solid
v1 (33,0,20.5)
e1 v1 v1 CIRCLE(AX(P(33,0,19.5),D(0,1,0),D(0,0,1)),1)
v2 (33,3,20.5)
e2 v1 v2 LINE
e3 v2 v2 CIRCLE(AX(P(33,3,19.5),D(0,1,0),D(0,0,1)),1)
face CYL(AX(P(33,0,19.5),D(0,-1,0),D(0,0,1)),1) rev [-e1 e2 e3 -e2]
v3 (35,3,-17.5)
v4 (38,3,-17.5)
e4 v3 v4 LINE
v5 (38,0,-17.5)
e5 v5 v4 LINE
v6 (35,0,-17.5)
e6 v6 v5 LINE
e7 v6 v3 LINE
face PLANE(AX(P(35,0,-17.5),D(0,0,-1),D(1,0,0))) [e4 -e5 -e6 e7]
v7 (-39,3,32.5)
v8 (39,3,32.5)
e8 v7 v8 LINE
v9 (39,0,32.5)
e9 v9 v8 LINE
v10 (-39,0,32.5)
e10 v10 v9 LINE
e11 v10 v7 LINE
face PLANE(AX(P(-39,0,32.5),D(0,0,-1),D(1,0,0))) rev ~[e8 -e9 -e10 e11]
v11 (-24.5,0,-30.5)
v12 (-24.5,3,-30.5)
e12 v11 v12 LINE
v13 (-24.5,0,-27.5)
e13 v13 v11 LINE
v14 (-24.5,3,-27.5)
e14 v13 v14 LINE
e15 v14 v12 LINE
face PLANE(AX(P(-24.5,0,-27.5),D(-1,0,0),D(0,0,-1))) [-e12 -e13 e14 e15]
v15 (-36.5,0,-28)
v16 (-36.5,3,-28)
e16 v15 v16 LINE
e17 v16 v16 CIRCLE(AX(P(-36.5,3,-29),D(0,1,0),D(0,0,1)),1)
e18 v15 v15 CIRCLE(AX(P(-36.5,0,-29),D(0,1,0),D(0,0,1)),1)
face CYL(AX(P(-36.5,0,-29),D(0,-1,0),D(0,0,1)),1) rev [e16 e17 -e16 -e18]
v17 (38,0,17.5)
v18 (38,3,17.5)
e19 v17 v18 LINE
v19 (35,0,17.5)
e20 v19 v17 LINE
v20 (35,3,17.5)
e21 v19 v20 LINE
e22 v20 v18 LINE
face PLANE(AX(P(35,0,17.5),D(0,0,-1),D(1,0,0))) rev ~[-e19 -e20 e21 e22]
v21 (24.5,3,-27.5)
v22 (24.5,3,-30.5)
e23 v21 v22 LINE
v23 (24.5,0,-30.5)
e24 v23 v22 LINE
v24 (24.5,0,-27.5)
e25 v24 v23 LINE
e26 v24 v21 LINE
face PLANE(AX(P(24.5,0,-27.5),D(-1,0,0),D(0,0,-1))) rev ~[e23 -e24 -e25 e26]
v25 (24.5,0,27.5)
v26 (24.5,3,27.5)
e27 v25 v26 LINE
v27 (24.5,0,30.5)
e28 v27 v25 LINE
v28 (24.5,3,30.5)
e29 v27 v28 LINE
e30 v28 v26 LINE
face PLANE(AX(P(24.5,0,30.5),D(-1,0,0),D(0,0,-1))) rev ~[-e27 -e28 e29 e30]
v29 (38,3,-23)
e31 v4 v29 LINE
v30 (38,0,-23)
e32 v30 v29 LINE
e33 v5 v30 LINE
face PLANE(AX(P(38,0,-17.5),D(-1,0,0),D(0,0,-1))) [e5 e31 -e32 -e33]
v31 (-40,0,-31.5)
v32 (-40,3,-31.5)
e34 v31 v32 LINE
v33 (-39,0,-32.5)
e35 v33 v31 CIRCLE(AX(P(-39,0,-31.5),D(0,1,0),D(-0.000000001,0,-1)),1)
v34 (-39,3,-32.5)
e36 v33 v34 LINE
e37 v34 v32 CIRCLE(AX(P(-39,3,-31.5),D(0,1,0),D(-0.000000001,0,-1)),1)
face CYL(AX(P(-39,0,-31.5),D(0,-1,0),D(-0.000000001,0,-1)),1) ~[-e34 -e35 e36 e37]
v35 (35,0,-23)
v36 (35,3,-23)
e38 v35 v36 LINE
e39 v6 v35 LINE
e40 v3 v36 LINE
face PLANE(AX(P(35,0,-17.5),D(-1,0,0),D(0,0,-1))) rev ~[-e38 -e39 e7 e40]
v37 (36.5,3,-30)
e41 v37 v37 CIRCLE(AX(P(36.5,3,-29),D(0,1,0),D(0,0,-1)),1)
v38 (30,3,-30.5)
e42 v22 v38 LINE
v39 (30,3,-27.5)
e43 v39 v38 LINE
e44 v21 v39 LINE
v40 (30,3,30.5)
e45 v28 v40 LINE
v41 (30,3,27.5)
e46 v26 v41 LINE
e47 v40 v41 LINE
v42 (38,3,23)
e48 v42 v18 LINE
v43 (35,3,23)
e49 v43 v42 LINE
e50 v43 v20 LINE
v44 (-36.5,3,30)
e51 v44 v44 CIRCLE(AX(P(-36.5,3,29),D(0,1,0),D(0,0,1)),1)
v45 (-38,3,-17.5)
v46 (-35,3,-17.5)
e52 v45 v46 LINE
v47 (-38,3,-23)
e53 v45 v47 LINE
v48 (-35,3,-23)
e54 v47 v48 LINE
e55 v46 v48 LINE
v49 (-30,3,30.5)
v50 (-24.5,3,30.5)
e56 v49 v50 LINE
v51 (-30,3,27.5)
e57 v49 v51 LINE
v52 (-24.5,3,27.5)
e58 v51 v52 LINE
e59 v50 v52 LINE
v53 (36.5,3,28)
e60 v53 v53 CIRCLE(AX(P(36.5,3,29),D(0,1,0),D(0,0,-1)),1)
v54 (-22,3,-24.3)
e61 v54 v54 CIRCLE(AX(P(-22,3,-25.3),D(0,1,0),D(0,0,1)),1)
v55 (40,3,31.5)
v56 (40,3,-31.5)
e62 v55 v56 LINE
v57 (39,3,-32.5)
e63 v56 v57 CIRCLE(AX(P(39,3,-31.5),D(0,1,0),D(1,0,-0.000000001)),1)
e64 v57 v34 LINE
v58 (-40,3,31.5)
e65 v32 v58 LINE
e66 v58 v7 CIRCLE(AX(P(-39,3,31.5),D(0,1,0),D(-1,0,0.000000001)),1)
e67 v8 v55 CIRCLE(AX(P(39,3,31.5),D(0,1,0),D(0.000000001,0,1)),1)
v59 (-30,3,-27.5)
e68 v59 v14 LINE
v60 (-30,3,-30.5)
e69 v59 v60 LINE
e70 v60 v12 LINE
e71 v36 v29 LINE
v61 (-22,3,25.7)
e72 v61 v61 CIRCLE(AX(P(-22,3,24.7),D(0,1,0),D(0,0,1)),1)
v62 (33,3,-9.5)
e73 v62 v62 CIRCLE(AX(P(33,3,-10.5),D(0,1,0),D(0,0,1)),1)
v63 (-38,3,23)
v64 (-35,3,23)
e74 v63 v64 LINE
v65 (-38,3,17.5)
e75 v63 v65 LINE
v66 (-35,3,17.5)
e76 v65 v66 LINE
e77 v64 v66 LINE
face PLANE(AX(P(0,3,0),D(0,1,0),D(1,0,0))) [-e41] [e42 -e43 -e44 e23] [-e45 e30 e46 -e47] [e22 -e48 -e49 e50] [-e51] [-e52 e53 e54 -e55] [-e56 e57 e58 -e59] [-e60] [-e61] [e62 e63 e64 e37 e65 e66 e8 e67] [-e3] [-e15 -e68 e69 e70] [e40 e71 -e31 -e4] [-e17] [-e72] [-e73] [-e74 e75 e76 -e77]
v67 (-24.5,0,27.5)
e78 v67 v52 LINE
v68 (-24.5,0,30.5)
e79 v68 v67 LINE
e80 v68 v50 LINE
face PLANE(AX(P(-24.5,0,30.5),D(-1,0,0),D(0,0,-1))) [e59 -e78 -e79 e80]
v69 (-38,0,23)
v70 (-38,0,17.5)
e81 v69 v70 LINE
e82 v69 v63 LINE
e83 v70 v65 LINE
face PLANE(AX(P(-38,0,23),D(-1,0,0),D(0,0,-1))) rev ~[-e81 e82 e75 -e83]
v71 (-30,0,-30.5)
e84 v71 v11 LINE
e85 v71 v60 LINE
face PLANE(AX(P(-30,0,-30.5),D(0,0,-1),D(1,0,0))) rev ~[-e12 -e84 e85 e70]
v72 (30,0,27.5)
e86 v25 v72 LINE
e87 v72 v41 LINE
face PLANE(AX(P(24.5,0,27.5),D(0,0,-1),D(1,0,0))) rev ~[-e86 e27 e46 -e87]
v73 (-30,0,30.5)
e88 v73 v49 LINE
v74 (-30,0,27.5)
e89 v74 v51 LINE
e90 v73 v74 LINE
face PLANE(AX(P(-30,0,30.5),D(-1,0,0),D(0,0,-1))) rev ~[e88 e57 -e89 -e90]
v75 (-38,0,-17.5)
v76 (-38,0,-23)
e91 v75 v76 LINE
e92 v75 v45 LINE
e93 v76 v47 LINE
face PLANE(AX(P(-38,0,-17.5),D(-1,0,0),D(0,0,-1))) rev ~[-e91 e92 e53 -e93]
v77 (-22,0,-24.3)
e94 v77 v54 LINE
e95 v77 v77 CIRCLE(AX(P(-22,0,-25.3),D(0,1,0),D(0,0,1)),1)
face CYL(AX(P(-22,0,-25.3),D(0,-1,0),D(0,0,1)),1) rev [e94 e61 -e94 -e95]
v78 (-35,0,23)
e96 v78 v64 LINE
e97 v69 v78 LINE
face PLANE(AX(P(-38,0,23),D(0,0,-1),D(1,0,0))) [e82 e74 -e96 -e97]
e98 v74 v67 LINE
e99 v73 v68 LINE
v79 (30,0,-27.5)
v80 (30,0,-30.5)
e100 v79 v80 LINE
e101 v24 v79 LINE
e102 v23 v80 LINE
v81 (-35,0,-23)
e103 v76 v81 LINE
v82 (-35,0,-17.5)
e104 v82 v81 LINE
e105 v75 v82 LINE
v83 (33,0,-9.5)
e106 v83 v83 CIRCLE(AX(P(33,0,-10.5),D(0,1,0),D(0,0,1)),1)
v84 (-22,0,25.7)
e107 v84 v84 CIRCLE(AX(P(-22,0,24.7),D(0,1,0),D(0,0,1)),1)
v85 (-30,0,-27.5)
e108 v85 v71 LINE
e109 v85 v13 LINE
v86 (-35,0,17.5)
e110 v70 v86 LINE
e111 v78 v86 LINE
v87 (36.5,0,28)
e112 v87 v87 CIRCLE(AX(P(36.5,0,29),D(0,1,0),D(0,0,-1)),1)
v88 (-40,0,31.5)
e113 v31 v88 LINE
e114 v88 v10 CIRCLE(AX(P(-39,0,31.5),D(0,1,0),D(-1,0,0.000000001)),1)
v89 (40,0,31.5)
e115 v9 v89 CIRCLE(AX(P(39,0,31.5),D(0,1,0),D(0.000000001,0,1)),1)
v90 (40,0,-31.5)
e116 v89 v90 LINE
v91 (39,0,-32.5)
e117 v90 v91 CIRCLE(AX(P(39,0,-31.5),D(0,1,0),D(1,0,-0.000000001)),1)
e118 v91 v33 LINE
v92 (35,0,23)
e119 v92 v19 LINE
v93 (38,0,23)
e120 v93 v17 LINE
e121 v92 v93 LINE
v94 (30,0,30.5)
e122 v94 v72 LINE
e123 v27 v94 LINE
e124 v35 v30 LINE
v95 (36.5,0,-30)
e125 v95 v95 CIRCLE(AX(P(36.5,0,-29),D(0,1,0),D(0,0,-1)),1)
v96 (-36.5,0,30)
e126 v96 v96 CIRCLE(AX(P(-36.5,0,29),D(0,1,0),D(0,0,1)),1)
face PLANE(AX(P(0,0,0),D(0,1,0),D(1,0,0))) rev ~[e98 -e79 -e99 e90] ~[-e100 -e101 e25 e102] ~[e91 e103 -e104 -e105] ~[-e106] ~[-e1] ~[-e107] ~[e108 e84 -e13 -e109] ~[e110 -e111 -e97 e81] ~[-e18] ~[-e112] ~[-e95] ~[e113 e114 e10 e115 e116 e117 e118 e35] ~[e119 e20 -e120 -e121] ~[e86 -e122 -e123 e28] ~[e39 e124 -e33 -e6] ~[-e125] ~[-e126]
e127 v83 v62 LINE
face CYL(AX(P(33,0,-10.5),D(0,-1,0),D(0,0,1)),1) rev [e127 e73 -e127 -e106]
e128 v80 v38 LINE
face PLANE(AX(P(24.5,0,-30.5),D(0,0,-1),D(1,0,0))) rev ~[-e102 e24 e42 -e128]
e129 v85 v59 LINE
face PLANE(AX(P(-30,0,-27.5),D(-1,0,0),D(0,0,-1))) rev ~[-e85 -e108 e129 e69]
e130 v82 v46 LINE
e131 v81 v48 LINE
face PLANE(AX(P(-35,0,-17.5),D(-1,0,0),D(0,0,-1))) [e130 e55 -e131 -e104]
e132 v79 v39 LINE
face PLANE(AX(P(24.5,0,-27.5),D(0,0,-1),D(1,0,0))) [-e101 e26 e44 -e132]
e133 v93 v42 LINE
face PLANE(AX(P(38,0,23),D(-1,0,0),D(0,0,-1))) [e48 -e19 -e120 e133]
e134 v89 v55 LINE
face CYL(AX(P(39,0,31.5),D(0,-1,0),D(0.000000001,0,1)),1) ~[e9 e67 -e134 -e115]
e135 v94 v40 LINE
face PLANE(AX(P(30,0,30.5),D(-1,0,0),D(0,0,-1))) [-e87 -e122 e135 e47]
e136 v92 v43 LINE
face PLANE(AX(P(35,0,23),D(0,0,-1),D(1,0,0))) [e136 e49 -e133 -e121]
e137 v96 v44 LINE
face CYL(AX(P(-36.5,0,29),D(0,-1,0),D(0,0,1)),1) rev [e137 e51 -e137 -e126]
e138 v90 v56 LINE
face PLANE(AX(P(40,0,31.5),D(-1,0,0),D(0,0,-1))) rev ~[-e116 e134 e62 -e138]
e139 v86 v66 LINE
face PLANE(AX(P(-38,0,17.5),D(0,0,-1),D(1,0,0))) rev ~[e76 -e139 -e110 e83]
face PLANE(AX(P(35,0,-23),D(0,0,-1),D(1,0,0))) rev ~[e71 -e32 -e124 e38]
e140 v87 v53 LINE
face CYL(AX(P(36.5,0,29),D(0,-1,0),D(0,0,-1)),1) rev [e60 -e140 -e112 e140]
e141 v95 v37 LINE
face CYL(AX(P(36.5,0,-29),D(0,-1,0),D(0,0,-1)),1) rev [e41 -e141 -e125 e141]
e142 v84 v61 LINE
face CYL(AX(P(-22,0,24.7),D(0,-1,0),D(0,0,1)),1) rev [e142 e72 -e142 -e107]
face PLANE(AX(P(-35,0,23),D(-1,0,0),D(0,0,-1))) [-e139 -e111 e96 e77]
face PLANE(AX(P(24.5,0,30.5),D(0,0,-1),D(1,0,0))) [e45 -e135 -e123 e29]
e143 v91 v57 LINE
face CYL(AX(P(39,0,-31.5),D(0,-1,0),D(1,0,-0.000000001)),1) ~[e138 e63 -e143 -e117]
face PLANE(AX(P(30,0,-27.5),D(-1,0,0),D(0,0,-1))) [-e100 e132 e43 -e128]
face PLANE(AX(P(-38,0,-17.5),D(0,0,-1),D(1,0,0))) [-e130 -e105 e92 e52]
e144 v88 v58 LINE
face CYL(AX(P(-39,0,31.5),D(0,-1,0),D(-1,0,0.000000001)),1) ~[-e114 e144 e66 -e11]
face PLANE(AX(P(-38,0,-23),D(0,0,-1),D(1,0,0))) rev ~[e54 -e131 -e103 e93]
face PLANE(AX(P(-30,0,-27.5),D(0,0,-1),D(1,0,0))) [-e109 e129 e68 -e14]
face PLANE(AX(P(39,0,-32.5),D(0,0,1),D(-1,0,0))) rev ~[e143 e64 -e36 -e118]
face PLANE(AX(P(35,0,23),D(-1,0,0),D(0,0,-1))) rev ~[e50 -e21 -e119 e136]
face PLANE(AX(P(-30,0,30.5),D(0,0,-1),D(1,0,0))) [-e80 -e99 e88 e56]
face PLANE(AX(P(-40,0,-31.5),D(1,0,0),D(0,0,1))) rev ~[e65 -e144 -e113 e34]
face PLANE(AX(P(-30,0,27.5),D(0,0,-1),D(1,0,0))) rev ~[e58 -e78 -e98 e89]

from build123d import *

# Parameters (mm, degrees)
CROQUIS1_R              = 1
CROQUIS1_W              = 3
CROQUIS1_H              = 5.5
CROQUIS1_W_2            = 5.5
CROQUIS1_H_2            = 3
SALIENTE_EXTRUIR1_DEPTH = 3


with BuildPart() as part:
    # Croquis1 → Saliente-Extruir1 (new body)
    with BuildSketch(Plane(origin=(0, 0, 0), x_dir=(1, 0, 0), z_dir=(0, 1, 0))):
        with BuildLine():
            Line((-39, -32.5), (39, -32.5))
            ThreePointArc((39, -32.5), (39.707106781, -32.207106781), (40, -31.5))
            Line((40, -31.5), (40, 31.5))
            ThreePointArc((40, 31.5), (39.707106781, 32.207106781), (39, 32.5))
            Line((39, 32.5), (-39, 32.5))
            ThreePointArc((-39, 32.5), (-39.707106781, 32.207106781), (-40, 31.5))
            Line((-40, 31.5), (-40, -31.5))
            ThreePointArc((-40, -31.5), (-39.707106781, -32.207106781), (-39, -32.5))
        make_face()
        with Locations(Location((-36.5, 29, 0), (0, 0, 270))):
            Circle(CROQUIS1_R, mode=Mode.SUBTRACT)
        with Locations(Location((-36.5, -29, 0), (0, 0, 270))):
            Circle(CROQUIS1_R, mode=Mode.SUBTRACT)
        with Locations(Location((36.5, -29, 0), (0, 0, 90))):
            Circle(CROQUIS1_R, mode=Mode.SUBTRACT)
        with Locations(Location((36.5, 29, 0), (0, 0, 90))):
            Circle(CROQUIS1_R, mode=Mode.SUBTRACT)
        with Locations(Location((-22, 25.3, 0), (0, 0, 270))):
            Circle(CROQUIS1_R, mode=Mode.SUBTRACT)
        with Locations(Location((-22, -24.7, 0), (0, 0, 270))):
            Circle(CROQUIS1_R, mode=Mode.SUBTRACT)
        with Locations(Location((33, 10.5, 0), (0, 0, 270))):
            Circle(CROQUIS1_R, mode=Mode.SUBTRACT)
        with Locations(Location((33, -19.5, 0), (0, 0, 270))):
            Circle(CROQUIS1_R, mode=Mode.SUBTRACT)
        with Locations((-36.5, 20.25)):
            Rectangle(CROQUIS1_W, CROQUIS1_H, mode=Mode.SUBTRACT)
        with Locations((-36.5, -20.25)):
            Rectangle(CROQUIS1_W, CROQUIS1_H, mode=Mode.SUBTRACT)
        with Locations((-27.25, 29)):
            Rectangle(CROQUIS1_W_2, CROQUIS1_H_2, mode=Mode.SUBTRACT)
        with Locations((-27.25, -29)):
            Rectangle(CROQUIS1_W_2, CROQUIS1_H_2, mode=Mode.SUBTRACT)
        with Locations((27.25, -29)):
            Rectangle(CROQUIS1_W_2, CROQUIS1_H_2, mode=Mode.SUBTRACT)
        with Locations((36.5, -20.25)):
            Rectangle(CROQUIS1_W, CROQUIS1_H, mode=Mode.SUBTRACT)
        with Locations((36.5, 20.25)):
            Rectangle(CROQUIS1_W, CROQUIS1_H, mode=Mode.SUBTRACT)
        with Locations((27.25, 29)):
            Rectangle(CROQUIS1_W_2, CROQUIS1_H_2, mode=Mode.SUBTRACT)
    extrude(amount=SALIENTE_EXTRUIR1_DEPTH)


solid = part.part
